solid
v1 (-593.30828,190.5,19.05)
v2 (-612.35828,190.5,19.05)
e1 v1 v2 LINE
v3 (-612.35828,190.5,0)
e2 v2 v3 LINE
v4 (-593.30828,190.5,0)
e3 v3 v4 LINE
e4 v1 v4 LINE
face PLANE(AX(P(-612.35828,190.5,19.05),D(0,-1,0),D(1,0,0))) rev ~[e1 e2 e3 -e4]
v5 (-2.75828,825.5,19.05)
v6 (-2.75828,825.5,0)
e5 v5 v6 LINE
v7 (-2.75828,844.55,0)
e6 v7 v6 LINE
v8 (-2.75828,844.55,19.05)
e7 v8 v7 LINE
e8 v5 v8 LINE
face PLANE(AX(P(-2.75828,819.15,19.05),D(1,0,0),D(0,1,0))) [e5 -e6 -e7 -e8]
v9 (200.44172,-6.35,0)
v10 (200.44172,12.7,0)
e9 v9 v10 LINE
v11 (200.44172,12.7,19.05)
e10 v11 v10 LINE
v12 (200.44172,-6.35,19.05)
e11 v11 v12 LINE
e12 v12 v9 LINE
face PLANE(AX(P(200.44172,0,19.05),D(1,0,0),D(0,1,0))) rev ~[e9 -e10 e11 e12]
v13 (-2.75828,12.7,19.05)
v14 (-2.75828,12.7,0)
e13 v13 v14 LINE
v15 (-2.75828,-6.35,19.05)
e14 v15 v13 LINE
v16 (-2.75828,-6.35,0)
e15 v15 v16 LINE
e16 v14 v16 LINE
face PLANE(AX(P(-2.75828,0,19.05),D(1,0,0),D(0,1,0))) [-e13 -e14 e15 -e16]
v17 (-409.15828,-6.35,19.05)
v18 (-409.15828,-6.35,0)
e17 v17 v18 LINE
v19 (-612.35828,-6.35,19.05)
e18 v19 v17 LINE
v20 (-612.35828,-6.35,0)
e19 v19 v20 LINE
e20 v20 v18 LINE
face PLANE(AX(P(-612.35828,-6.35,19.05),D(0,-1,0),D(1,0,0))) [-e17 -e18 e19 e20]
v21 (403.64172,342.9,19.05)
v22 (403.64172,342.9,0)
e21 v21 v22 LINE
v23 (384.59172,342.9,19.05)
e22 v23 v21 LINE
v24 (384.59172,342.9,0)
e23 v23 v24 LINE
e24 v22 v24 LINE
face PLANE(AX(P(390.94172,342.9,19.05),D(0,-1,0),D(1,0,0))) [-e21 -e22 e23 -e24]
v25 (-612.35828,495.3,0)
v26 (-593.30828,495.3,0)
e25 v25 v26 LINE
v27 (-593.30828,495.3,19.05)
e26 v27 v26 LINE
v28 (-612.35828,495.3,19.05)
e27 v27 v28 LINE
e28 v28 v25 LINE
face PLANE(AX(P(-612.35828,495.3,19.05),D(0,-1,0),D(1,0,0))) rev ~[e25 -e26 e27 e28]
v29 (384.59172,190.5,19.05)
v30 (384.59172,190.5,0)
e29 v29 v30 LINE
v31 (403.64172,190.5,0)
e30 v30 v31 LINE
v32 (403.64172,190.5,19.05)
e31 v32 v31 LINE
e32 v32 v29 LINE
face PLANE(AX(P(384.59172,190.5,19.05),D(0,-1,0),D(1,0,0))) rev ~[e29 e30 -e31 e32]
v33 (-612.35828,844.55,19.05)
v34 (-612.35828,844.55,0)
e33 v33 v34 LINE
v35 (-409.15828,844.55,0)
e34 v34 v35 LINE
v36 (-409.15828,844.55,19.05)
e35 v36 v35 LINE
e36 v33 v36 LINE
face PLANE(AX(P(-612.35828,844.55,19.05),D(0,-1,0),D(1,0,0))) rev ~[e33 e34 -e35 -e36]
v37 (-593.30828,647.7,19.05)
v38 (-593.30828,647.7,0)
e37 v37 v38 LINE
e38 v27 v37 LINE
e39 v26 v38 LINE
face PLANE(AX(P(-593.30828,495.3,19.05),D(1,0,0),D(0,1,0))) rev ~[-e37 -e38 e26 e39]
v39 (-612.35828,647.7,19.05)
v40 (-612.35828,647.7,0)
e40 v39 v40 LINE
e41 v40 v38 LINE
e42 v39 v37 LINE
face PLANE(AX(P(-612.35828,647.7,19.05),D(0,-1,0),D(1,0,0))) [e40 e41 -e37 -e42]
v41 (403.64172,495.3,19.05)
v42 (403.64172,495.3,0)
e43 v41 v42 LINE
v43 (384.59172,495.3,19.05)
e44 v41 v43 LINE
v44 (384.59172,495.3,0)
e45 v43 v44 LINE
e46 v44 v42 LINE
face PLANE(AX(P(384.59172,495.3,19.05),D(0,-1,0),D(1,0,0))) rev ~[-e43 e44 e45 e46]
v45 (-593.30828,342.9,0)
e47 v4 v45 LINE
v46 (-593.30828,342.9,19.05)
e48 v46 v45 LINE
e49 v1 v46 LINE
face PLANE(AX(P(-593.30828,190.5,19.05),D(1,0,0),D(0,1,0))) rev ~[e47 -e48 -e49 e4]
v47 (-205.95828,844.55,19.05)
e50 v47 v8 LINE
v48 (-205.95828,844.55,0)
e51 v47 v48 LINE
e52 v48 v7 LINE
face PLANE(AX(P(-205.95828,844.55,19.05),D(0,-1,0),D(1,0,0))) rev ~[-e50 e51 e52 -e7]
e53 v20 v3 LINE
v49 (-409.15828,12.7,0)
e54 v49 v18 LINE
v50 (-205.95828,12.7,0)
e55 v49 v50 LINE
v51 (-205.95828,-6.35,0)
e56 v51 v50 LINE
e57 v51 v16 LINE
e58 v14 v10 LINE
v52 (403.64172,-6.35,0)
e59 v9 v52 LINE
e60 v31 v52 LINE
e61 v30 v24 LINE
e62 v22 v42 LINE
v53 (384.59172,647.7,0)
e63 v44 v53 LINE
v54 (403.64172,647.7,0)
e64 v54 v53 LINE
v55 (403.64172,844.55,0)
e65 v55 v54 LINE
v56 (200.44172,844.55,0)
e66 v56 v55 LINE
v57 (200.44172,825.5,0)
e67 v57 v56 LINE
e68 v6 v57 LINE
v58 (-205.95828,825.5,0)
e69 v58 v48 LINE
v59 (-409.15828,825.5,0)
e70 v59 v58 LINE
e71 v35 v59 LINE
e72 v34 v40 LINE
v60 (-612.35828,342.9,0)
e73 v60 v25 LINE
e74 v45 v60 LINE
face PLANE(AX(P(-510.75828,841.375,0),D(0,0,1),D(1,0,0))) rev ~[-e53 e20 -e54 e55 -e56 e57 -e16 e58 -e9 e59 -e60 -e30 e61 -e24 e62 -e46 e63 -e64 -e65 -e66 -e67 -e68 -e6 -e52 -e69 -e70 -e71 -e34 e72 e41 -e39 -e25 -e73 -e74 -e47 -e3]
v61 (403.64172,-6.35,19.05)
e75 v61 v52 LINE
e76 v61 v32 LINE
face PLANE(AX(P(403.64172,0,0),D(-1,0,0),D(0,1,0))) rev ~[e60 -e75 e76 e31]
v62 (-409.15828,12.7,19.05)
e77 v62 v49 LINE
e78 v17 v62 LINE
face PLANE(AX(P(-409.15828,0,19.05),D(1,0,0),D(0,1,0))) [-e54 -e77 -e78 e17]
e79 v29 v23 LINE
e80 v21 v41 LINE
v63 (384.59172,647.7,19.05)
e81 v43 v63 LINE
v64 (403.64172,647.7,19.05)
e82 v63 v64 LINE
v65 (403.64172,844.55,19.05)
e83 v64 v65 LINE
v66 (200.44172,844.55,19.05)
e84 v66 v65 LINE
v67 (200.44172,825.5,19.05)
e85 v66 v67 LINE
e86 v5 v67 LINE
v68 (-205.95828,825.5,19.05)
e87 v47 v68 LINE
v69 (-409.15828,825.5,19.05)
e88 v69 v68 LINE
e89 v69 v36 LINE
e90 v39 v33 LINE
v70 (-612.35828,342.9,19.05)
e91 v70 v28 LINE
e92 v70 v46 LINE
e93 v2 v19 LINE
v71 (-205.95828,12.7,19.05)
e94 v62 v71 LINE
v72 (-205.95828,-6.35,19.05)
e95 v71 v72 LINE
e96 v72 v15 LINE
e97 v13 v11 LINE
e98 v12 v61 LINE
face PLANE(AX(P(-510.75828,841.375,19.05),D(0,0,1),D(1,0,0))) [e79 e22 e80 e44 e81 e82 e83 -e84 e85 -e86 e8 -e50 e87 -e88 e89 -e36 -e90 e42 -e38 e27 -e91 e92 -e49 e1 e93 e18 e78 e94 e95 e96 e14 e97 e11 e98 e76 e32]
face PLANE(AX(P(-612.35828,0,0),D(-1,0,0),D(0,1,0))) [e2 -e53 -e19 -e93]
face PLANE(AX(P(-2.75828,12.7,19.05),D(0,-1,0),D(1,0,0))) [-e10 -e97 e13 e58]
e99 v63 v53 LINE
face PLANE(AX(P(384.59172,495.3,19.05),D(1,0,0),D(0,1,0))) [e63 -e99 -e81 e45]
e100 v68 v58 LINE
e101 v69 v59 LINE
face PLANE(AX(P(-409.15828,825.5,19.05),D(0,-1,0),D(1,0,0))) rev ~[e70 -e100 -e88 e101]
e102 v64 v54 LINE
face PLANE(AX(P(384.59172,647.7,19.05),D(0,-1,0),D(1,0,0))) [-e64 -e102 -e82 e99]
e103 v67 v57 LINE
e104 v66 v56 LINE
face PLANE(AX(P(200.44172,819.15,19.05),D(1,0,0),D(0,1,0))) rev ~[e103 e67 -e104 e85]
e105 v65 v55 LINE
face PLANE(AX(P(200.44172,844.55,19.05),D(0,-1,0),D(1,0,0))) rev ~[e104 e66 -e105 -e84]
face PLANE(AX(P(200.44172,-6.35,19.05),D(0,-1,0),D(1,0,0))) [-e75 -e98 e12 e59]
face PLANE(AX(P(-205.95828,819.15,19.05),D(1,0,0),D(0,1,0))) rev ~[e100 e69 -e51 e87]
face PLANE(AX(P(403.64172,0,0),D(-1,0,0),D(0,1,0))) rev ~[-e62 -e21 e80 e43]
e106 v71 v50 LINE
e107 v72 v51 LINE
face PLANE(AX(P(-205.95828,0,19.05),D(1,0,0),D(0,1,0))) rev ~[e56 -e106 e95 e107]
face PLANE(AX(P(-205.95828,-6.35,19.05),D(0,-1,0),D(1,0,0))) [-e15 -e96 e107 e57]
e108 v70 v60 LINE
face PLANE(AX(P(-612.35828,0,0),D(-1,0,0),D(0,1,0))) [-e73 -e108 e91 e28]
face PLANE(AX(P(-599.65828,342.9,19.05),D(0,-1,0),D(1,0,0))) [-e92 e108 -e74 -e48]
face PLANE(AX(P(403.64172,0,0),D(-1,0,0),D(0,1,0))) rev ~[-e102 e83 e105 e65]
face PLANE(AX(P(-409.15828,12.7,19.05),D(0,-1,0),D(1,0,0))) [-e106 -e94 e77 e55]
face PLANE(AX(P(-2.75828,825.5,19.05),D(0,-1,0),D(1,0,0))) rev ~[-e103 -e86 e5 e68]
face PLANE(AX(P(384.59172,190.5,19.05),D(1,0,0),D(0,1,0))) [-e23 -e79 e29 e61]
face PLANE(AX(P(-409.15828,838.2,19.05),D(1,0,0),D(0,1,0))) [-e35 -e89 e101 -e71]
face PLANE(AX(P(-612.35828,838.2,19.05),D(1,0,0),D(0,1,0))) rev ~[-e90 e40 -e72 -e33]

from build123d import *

# Parameters (mm, degrees)
F0_W     = 1016
F0_H     = 838.2
F1_DEPTH = 19.05
F2_W     = 12.7
F2_H     = 152.4
F2_W_2   = 19.05
F2_W_3   = 203.2
F2_H_2   = 19.05
F3_DEPTH = 19.051
F4_W     = 203.2
F4_H     = 6.35
F4_W_2   = 6.35
F4_H_2   = 152.4
F5_DEPTH = 19.05
F6_W     = 6.35
F6_H     = 152.4
F7_DEPTH = 19.051


with BuildPart() as f1:
    # F0 (on Top) → F1 (new body)
    with BuildSketch(Plane.XY):
        with Locations((-104.35828, 419.1)):
            Rectangle(F0_W, F0_H)
    extrude(amount=F1_DEPTH)

    # F2 (on face) → F3 (cut, through all)
    with BuildSketch(Plane.XY.offset(19.05)):
        with Locations((397.29172, 266.7)):
            Rectangle(F2_W, F2_H)
        with Locations((394.11672, 571.5)):
            Rectangle(F2_W_2, F2_H)
        with Locations((-606.00828, 266.7)):
            Rectangle(F2_W, F2_H)
        with Locations((-606.00828, 571.5)):
            Rectangle(F2_W, F2_H)
        with Locations((-307.55828, 9.525)):
            Rectangle(F2_W_3, F2_H_2)
        with Locations((98.84172, 9.525)):
            Rectangle(F2_W_3, F2_H_2)
        with Locations((98.84172, 828.675)):
            Rectangle(F2_W_3, F2_H_2)
        with Locations((-307.55828, 828.675)):
            Rectangle(F2_W_3, F2_H_2)
    extrude(amount=-F3_DEPTH, mode=Mode.SUBTRACT)

    # F4 (on face) → F5 (join)
    with BuildSketch(Plane.XY.offset(19.05)):
        with Locations((-510.75828, 841.375)):
            Rectangle(F4_W, F4_H)
        with Locations((98.84172, 822.325)):
            Rectangle(F4_W, F4_H)
        with Locations((-307.55828, 822.325)):
            Rectangle(F4_W, F4_H)
        with Locations((-104.35828, 841.375)):
            Rectangle(F4_W, F4_H)
        with Locations((302.04172, 841.375)):
            Rectangle(F4_W, F4_H)
        with Locations((-307.55828, 15.875)):
            Rectangle(F4_W, F4_H)
        with Locations((-510.75828, -3.175)):
            Rectangle(F4_W, F4_H)
        with Locations((98.84172, 15.875)):
            Rectangle(F4_W, F4_H)
        with Locations((302.04172, -3.175)):
            Rectangle(F4_W, F4_H)
        with Locations((-104.35828, -3.175)):
            Rectangle(F4_W, F4_H)
        with Locations((-596.48328, 266.7)):
            Rectangle(F4_W_2, F4_H_2)
        with Locations((-596.48328, 571.5)):
            Rectangle(F4_W_2, F4_H_2)
        with Locations((387.76672, 266.7)):
            Rectangle(F4_W_2, F4_H_2)
        with Locations((381.41672, 571.5)):
            Rectangle(F4_W_2, F4_H_2)
    extrude(amount=-F5_DEPTH)

    # F6 (on face) → F7 (cut, through all)
    with BuildSketch(Plane.XY.offset(19.05)):
        with Locations((-596.48328, 571.5)):
            Rectangle(F6_W, F6_H)
        with Locations((-596.48328, 266.7)):
            Rectangle(F6_W, F6_H)
        with Locations((387.76672, 266.7)):
            Rectangle(F6_W, F6_H)
        with Locations((387.76672, 571.5)):
            Rectangle(F6_W, F6_H)
    extrude(amount=-F7_DEPTH, mode=Mode.SUBTRACT)


solid = f1.part
